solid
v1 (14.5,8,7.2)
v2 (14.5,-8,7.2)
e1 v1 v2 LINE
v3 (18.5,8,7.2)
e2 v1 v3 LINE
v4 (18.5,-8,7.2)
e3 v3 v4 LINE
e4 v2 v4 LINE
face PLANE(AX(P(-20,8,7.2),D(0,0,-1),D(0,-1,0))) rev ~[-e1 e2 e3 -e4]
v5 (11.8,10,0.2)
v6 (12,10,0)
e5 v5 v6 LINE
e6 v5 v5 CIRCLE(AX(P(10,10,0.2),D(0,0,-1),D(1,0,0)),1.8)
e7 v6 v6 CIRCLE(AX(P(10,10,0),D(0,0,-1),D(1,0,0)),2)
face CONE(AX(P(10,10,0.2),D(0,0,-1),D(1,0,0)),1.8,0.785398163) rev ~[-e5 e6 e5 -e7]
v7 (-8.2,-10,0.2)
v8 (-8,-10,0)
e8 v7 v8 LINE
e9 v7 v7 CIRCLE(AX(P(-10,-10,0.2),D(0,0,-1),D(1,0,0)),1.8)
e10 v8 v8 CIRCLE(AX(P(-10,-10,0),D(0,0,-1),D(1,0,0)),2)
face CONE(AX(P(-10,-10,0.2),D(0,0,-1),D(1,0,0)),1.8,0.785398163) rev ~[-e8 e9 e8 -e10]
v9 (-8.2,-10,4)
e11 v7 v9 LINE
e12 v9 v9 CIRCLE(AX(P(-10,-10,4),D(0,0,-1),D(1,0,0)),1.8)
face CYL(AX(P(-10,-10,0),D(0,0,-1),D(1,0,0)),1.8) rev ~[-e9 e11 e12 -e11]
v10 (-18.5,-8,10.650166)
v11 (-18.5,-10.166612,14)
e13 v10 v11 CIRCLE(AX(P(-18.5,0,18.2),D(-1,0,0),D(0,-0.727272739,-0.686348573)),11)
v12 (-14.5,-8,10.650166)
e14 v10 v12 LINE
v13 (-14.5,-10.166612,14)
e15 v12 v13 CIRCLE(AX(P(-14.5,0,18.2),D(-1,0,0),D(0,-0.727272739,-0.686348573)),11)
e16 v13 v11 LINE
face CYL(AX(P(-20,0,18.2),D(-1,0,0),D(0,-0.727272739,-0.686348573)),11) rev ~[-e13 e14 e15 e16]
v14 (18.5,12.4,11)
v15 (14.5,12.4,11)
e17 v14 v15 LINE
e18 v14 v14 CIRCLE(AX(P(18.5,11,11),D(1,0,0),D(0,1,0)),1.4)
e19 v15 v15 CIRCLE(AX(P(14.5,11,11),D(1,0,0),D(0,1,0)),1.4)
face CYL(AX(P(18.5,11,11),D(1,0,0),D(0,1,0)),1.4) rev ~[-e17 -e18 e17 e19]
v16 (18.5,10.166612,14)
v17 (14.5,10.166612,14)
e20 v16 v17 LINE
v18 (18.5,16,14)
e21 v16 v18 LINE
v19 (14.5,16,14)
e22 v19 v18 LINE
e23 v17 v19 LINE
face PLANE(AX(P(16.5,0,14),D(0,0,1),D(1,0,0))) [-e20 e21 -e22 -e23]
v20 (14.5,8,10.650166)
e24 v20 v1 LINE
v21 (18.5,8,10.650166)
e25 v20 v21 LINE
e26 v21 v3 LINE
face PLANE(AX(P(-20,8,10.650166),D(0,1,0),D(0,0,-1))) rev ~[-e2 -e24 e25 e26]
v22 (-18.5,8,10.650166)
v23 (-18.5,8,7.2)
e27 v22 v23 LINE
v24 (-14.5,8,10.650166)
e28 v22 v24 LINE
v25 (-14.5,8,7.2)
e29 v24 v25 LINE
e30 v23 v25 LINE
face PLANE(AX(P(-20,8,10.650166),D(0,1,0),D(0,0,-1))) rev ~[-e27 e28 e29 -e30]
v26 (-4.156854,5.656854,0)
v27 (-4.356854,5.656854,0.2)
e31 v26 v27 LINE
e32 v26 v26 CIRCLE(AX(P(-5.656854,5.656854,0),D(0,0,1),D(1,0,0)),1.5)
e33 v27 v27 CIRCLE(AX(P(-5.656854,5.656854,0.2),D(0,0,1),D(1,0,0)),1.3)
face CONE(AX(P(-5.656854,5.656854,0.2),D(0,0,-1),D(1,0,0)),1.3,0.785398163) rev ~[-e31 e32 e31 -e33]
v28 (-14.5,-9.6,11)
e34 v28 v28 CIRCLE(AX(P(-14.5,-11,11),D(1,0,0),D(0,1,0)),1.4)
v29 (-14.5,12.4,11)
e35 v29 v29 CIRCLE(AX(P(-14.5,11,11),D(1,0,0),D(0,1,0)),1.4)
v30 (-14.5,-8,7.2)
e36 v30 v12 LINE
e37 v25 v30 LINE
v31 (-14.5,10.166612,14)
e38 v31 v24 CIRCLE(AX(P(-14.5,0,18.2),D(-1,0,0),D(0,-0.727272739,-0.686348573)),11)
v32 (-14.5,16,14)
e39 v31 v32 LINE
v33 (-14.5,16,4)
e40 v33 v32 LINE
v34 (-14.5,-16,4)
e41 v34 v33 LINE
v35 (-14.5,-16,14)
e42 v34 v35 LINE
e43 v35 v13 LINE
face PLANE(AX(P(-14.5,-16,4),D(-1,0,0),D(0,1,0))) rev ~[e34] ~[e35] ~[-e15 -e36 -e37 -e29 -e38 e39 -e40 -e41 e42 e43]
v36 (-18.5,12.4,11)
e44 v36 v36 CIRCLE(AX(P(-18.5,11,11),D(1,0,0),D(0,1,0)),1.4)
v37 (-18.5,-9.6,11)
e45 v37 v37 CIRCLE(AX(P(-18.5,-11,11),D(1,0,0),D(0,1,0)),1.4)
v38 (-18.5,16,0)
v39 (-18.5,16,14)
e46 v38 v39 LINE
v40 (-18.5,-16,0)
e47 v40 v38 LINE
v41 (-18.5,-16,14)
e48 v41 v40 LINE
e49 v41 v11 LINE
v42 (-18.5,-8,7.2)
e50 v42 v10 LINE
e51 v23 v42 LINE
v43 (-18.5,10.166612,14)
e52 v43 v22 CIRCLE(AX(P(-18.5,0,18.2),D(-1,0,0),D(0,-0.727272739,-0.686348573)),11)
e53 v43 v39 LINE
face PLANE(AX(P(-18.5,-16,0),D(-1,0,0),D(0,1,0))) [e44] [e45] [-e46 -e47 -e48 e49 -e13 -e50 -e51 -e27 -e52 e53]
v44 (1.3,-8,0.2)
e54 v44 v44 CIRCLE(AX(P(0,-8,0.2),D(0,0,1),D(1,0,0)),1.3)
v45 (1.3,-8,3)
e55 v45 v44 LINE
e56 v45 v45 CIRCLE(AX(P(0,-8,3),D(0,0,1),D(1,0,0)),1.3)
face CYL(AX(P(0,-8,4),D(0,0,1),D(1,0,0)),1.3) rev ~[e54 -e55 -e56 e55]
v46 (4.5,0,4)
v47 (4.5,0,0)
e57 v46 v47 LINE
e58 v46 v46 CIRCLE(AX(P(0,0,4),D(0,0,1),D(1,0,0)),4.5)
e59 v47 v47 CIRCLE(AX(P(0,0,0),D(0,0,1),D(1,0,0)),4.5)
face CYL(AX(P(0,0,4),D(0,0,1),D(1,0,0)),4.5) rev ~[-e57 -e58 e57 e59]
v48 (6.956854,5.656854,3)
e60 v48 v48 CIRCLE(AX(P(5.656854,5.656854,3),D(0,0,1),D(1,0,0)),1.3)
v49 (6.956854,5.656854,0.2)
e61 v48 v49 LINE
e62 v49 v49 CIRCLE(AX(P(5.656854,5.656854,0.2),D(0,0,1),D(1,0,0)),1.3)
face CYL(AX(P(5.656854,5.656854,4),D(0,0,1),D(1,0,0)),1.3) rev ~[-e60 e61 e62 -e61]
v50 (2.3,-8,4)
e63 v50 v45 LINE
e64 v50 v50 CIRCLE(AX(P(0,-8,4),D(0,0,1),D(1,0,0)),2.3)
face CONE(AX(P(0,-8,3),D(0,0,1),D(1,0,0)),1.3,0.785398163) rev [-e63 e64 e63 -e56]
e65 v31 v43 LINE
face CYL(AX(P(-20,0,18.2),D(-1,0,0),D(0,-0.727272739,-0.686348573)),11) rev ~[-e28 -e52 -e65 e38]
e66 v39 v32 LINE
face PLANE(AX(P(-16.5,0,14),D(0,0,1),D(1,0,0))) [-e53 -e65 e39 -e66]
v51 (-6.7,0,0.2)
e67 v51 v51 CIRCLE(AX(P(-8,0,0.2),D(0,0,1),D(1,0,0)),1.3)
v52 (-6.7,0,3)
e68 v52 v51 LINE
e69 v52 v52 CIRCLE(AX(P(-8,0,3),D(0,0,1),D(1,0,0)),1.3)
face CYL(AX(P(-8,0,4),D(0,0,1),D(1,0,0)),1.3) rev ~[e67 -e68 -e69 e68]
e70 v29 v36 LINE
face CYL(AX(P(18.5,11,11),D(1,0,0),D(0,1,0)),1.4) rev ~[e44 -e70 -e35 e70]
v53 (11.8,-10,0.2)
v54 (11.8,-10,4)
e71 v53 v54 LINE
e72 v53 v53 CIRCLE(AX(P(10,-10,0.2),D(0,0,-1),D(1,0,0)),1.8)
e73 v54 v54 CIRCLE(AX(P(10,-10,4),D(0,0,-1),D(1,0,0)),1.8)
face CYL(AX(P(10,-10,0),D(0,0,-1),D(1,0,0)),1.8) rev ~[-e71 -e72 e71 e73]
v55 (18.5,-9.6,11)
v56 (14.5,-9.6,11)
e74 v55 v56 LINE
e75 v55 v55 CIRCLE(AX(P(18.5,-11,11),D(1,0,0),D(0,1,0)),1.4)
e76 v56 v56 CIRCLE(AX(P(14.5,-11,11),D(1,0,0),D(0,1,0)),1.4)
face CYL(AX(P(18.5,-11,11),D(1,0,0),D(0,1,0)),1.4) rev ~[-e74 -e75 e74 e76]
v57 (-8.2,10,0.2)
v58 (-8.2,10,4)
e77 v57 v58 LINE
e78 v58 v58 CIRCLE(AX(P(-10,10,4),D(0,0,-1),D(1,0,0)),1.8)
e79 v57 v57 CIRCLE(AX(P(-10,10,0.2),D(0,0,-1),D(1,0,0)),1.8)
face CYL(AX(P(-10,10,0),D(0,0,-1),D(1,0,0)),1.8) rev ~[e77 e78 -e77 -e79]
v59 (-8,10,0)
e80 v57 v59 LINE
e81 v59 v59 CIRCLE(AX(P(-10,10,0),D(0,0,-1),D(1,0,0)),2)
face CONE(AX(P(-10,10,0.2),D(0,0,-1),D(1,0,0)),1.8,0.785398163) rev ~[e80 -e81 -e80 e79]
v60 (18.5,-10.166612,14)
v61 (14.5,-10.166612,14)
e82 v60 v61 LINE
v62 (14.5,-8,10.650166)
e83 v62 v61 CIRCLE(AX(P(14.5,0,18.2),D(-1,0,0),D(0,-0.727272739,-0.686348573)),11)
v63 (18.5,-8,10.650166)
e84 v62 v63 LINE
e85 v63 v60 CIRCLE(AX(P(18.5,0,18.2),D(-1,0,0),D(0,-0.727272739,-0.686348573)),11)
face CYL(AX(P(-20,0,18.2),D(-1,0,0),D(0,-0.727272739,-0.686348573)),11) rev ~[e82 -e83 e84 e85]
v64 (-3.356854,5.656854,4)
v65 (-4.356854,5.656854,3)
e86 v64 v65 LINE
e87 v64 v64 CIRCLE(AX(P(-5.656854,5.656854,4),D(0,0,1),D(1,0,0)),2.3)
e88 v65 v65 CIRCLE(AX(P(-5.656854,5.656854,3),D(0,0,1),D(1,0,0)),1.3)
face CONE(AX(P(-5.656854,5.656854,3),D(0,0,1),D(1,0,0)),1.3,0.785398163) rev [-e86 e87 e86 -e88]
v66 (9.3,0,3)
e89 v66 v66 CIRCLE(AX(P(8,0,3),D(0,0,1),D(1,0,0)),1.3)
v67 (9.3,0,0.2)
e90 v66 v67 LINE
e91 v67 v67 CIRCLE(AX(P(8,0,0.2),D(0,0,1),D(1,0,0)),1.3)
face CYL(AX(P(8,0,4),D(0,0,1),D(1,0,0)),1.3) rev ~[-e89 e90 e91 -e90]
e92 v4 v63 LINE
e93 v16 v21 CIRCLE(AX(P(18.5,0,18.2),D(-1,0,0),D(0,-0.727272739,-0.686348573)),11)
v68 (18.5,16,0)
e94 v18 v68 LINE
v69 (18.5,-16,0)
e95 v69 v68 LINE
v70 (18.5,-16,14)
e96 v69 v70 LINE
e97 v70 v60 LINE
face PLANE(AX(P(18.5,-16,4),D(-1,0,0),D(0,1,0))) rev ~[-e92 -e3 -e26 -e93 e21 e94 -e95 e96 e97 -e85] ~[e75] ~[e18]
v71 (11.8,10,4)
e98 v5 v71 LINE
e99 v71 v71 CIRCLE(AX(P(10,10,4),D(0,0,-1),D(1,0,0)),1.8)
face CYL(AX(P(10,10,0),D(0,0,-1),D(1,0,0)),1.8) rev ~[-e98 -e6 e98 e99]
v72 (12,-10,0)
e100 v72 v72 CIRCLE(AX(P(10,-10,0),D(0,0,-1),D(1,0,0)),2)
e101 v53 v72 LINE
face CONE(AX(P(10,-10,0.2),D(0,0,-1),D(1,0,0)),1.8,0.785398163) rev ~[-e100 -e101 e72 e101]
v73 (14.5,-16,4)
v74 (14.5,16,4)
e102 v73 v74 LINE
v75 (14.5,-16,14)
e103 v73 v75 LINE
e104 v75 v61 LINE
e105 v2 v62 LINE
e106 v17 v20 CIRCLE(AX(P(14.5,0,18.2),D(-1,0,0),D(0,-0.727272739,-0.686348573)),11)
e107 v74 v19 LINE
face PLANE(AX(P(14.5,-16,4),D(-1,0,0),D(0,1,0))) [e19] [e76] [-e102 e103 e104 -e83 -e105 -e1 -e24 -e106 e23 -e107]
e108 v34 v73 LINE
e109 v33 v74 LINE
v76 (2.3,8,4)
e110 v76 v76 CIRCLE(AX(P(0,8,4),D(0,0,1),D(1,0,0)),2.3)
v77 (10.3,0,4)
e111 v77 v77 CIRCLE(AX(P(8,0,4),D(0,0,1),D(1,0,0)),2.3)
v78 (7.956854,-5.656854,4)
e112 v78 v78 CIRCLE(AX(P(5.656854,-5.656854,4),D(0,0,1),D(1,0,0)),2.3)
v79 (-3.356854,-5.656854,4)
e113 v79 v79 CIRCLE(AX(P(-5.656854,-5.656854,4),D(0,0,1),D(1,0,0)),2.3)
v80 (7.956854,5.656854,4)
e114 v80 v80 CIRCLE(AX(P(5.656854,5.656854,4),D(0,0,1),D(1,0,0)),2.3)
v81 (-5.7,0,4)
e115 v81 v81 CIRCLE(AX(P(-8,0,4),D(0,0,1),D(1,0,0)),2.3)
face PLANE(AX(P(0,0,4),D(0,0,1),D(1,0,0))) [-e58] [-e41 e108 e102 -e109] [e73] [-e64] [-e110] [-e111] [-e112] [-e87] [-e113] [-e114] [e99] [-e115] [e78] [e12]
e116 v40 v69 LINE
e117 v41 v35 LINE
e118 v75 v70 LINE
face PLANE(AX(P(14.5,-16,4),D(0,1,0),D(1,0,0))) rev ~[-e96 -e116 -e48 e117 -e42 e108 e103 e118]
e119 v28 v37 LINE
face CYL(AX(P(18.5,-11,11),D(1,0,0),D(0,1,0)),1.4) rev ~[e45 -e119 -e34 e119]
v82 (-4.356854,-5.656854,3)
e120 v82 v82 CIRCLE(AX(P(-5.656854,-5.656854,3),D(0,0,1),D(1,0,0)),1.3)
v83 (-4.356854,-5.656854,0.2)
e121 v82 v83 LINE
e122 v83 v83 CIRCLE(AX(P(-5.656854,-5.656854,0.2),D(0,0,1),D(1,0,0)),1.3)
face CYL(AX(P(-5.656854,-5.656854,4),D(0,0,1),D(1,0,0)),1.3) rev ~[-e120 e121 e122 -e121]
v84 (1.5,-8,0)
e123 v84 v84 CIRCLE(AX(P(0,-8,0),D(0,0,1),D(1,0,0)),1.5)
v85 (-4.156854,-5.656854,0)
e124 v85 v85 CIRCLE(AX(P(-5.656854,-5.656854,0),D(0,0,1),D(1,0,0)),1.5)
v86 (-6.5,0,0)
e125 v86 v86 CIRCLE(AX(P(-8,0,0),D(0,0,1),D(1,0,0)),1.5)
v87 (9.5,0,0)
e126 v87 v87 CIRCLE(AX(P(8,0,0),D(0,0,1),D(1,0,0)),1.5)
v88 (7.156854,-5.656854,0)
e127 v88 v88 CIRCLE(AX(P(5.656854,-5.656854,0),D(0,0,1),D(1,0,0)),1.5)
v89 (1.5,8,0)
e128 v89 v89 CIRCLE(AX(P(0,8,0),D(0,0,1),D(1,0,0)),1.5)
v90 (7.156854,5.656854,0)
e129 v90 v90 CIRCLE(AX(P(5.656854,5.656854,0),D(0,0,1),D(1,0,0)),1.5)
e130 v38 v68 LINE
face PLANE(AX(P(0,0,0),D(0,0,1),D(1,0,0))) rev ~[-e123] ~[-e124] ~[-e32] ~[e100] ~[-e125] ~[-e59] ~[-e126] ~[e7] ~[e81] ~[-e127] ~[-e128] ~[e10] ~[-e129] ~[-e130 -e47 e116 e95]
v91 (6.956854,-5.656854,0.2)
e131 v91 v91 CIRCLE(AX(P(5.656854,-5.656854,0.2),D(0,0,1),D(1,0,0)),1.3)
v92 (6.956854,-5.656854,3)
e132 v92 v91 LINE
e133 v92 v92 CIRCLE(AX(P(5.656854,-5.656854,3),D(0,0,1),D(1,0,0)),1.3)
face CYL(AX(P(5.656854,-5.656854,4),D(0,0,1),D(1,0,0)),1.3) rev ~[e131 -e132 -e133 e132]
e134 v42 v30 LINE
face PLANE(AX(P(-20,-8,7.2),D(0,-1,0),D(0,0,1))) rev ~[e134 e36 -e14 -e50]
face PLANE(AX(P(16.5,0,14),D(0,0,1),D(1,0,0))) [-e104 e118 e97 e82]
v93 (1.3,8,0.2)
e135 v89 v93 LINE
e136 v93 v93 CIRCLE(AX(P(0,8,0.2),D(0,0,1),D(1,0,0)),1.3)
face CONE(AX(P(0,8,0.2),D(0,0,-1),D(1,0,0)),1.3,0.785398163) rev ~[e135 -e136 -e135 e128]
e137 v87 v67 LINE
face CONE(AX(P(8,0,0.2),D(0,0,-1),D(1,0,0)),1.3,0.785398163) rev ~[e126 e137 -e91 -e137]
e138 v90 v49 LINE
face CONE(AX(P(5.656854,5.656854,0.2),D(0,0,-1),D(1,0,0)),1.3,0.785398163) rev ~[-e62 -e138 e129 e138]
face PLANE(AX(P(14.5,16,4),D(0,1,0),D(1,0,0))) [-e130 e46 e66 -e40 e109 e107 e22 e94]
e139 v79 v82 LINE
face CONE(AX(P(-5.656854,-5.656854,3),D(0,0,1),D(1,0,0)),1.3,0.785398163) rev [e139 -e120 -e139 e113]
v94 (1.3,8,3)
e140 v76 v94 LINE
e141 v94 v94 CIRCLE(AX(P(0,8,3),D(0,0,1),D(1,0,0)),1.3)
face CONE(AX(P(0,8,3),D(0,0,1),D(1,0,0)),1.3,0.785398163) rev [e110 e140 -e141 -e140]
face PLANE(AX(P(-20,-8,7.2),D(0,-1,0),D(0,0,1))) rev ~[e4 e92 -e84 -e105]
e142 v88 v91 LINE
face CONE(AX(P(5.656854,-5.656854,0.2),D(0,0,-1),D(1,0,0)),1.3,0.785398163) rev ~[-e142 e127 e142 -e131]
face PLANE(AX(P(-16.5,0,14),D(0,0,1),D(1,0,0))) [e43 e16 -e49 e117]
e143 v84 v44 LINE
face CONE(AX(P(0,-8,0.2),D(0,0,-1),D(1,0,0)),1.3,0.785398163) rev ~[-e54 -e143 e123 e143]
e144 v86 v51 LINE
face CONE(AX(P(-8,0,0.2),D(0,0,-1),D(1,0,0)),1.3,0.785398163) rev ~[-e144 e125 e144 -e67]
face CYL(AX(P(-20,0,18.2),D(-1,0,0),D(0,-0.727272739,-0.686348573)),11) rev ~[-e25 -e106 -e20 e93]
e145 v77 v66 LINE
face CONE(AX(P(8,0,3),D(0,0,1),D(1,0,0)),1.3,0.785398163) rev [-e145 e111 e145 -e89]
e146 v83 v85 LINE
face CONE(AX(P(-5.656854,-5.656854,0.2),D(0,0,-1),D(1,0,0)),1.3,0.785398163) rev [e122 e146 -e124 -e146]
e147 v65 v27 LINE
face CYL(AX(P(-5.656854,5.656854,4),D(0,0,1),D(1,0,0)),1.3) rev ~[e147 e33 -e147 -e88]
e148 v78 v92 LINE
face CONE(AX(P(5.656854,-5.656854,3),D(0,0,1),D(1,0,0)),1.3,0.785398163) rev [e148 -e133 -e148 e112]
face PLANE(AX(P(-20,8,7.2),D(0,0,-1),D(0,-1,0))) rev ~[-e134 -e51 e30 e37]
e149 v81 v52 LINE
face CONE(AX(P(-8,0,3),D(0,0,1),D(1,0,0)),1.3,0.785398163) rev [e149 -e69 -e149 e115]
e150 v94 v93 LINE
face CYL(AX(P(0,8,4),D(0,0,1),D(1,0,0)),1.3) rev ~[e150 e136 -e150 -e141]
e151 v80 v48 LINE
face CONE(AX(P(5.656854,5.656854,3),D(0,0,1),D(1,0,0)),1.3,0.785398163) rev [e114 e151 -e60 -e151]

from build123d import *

# Parameters (mm, degrees)
SKETCH_W        = 37
SKETCH_H        = 32
PAD_DEPTH       = 4
SKETCH001_W     = 4
SKETCH001_H     = 32
PAD001_DEPTH    = 10
SKETCH002_R     = 1.4
POCKET_DEPTH    = 100
POCKET003_DEPTH = 100
SKETCH004_R     = 1.3
SKETCH004_R_2   = 4.5
POCKET007_DEPTH = 5
SKETCH008_R     = 1.8
POCKET009_DEPTH = 10
CHAMFER_SIZE    = 1
CHAMFER001_SIZE = 0.2


with BuildPart() as part:
    # Sketch → Pad (new body)
    with BuildSketch(Plane.XY):
        Rectangle(SKETCH_W, SKETCH_H)
    extrude(amount=PAD_DEPTH)

    # Sketch001 (on Face6 of Pad) → Pad001 (join)
    with BuildSketch(Plane.XY.offset(4)):
        with Locations((16.5, 0)):
            Rectangle(SKETCH001_W, SKETCH001_H)
        with Locations((-16.5, 0)):
            Rectangle(SKETCH001_W, SKETCH001_H)
    extrude(amount=PAD001_DEPTH)

    # Sketch002 (on Face13 of Pad001) → Pocket (cut)
    with BuildSketch(Plane.YZ.offset(18.5)):
        with Locations((-11, 11)):
            Circle(SKETCH002_R)
        with Locations((11, 11)):
            Circle(SKETCH002_R)
    extrude(amount=-POCKET_DEPTH, mode=Mode.SUBTRACT)

    # Sketch006 → Pocket003 (cut)
    with BuildSketch(Plane(origin=(-20, 0, 0), x_dir=(0, -1, 0), z_dir=(-1, 0, 0))):
        with BuildLine():
            ThreePointArc((8, 10.650166), (0, 29.2), (-8, 10.650166))
            Line((-8, 10.650166), (-8, 7.2))
            Line((-8, 7.2), (8, 7.2))
            Line((8, 7.2), (8, 10.650166))
        make_face()
    extrude(amount=-POCKET003_DEPTH, mode=Mode.SUBTRACT)

    # Sketch004 → Pocket007 (cut)
    with BuildSketch(Plane.XY.offset(4)):
        with Locations((0, 8)):
            Circle(SKETCH004_R)
        with Locations((8, 0)):
            Circle(SKETCH004_R)
        with Locations((0, -8)):
            Circle(SKETCH004_R)
        with Locations((-8, 0)):
            Circle(SKETCH004_R)
        Circle(SKETCH004_R_2)
        with Locations((5.656854, 5.656854)):
            Circle(SKETCH004_R)
        with Locations((-5.656854, 5.656854)):
            Circle(SKETCH004_R)
        with Locations((-5.656854, -5.656854)):
            Circle(SKETCH004_R)
        with Locations((5.656854, -5.656854)):
            Circle(SKETCH004_R)
    extrude(amount=-POCKET007_DEPTH, mode=Mode.SUBTRACT)

    # Sketch008 → Pocket009 (cut)
    with BuildSketch(Plane(origin=(0, 0, 0), x_dir=(1, 0, 0), z_dir=(0, 0, -1))):
        with Locations((10, 10)):
            Circle(SKETCH008_R)
        with Locations((-10, 10)):
            Circle(SKETCH008_R)
        with Locations((-10, -10)):
            Circle(SKETCH008_R)
        with Locations((10, -10)):
            Circle(SKETCH008_R)
    extrude(amount=-POCKET009_DEPTH, mode=Mode.SUBTRACT)

    # Chamfer
    chamfer_edges = [part.edges().sort_by_distance(p)[0] for p in [
        (-6.956854, -5.656854, 4),
        (-1.3, -8, 4),
        (4.356854, -5.656854, 4),
        (6.7, 0, 4),
        (4.356854, 5.656854, 4),
        (-1.3, 8, 4),
        (-6.956854, 5.656854, 4),
        (-9.3, 0, 4),
    ]]
    chamfer(chamfer_edges, length=CHAMFER_SIZE)

    # Chamfer001
    chamfer001_edges = [part.edges().sort_by_distance(p)[0] for p in [
        (-6.956854, -5.656854, 0),
        (-9.3, 0, 0),
        (-6.956854, 5.656854, 0),
        (-1.3, 8, 0),
        (4.356854, 5.656854, 0),
        (6.7, 0, 0),
        (4.356854, -5.656854, 0),
        (-1.3, -8, 0),
        (-11.8, -10, 0),
        (-11.8, 10, 0),
        (8.2, 10, 0),
        (8.2, -10, 0),
    ]]
    chamfer(chamfer001_edges, length=CHAMFER001_SIZE)


solid = part.part
